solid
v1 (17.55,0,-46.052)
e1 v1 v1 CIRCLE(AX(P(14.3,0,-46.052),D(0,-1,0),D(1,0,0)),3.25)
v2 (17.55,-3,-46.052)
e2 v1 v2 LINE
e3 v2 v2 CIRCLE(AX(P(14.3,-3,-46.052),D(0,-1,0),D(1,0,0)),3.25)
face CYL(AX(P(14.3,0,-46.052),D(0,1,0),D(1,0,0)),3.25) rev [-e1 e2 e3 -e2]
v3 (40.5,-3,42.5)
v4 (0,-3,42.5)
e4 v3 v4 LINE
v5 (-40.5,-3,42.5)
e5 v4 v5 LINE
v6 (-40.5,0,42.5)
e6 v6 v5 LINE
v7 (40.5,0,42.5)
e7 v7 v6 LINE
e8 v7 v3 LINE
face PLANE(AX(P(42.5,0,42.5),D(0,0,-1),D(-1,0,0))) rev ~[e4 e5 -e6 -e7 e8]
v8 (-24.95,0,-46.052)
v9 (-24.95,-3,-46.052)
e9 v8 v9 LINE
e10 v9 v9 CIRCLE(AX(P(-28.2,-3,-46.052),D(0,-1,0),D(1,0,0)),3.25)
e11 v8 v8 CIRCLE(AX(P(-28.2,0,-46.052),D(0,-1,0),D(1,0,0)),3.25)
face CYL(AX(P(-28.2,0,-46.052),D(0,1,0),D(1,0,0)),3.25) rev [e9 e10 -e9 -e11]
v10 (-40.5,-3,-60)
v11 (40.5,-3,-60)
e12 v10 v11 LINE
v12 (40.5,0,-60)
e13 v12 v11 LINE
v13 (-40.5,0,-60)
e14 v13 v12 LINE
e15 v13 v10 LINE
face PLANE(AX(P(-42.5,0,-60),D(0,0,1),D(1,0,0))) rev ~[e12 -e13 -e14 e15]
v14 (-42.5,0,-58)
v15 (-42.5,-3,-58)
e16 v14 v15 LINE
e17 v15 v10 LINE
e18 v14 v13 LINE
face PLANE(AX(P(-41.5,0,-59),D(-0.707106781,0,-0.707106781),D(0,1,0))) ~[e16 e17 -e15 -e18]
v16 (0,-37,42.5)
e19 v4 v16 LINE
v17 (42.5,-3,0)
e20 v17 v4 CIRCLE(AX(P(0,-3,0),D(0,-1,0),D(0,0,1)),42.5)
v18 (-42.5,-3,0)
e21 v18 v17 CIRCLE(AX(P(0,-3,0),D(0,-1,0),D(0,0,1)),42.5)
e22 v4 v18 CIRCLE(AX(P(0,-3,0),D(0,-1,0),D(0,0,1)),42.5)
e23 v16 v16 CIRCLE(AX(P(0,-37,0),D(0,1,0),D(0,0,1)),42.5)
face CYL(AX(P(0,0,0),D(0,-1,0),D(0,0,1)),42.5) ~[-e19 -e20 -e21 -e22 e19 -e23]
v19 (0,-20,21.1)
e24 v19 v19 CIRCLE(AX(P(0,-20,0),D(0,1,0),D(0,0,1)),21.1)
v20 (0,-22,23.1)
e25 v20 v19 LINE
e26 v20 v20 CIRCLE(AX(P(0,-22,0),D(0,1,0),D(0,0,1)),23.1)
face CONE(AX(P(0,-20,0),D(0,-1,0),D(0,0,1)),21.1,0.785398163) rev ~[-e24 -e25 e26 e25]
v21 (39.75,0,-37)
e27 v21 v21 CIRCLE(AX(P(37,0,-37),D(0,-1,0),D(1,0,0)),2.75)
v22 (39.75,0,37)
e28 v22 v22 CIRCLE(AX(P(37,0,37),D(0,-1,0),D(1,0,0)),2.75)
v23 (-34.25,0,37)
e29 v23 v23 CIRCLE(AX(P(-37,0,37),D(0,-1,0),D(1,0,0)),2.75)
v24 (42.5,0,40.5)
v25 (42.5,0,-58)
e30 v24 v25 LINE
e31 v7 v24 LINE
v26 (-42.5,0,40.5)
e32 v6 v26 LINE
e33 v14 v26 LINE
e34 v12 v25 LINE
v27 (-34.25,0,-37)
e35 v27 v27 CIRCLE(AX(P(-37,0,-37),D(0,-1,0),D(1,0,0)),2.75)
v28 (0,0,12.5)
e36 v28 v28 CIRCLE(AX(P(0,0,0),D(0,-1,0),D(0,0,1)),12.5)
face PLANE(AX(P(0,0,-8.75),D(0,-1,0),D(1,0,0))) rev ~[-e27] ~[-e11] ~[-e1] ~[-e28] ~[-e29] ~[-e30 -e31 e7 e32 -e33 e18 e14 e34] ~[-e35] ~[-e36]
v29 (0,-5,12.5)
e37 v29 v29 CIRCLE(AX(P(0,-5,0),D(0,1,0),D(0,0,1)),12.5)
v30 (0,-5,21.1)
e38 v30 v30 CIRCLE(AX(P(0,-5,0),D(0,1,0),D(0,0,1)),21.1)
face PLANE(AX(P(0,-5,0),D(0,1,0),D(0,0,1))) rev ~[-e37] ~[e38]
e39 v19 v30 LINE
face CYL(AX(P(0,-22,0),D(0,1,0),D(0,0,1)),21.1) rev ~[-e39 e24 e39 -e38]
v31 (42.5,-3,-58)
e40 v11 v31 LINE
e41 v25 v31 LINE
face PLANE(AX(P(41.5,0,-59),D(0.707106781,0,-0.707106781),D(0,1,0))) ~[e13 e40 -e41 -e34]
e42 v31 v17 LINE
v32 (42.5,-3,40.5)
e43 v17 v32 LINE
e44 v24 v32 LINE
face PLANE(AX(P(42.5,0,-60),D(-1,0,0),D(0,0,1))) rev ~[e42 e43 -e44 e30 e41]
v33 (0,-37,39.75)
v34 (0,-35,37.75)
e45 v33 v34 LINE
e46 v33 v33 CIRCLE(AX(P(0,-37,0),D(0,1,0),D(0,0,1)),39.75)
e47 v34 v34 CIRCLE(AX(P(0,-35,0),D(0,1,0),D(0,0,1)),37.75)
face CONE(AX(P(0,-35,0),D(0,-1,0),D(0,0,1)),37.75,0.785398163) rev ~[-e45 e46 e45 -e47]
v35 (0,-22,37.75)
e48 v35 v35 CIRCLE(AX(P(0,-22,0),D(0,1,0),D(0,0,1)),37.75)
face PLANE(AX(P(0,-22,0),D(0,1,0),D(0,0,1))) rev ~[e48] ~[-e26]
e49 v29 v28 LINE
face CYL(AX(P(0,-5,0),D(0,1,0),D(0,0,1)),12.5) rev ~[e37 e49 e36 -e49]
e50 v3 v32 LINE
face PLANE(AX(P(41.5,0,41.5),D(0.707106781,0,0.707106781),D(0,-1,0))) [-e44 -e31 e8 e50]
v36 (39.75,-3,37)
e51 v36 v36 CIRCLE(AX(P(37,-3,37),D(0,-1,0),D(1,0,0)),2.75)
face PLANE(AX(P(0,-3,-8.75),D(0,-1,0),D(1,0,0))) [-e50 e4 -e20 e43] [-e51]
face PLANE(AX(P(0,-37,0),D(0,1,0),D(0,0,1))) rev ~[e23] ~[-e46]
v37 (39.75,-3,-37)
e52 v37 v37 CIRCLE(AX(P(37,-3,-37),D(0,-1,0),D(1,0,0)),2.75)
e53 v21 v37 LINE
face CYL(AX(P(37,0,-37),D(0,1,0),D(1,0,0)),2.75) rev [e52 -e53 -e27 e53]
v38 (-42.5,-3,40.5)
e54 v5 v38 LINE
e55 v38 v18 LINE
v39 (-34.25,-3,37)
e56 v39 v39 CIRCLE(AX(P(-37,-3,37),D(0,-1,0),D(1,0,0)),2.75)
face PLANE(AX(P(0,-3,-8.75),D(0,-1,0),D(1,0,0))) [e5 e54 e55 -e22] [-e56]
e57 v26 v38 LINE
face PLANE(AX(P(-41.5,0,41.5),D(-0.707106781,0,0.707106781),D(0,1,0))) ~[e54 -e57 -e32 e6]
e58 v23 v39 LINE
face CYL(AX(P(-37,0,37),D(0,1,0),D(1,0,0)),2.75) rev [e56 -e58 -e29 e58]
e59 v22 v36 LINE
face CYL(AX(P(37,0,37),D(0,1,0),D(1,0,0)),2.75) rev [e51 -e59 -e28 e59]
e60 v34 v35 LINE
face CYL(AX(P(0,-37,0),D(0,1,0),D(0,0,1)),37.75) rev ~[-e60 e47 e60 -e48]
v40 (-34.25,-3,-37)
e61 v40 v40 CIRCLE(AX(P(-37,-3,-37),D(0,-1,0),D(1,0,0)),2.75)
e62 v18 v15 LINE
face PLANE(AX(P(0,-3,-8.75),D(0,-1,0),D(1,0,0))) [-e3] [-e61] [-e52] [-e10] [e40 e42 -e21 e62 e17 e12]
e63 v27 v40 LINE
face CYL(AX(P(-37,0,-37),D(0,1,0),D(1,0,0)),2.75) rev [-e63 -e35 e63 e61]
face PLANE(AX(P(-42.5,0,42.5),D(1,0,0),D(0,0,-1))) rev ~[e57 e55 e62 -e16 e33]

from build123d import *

# Parameters (mm, degrees)
F2_R     = 2.75
F2_R_2   = 3.25
F2_R_3   = 12.5
F3_DEPTH = 3
F4_SIZE  = 2


with BuildPart() as f1:
    # F0 (on Right) → F1 (revolve)
    with BuildSketch(Plane.YZ):
        Polygon((0, 12.5), (0, 42.5), (-37, 42.5), (-37, 37.75), (-22, 37.75), (-22, 21.1), (-5, 21.1), (-5, 12.5), align=None)
    revolve(axis=Axis((0, -4.4609829783, 0), (0, 1, 0)))

    # F2 (on Front) → F3 (join)
    with BuildSketch(Plane.XZ):
        Polygon((42.5, 0), (42.5, 42.5), (-42.5, 42.5), (-42.5, 0), (-42.5, -42.5), (-42.5, -60), (42.5, -60), (42.5, -42.5), align=None)
        with Locations((-37, -37)):
            Circle(F2_R, mode=Mode.SUBTRACT)
        with Locations((-28.2, -46.052)):
            Circle(F2_R_2, mode=Mode.SUBTRACT)
        with Locations((14.3, -46.052)):
            Circle(F2_R_2, mode=Mode.SUBTRACT)
        with Locations((37, -37)):
            Circle(F2_R, mode=Mode.SUBTRACT)
        with Locations((-37, 37)):
            Circle(F2_R, mode=Mode.SUBTRACT)
        Circle(F2_R_3, mode=Mode.SUBTRACT)
        with Locations((37, 37)):
            Circle(F2_R, mode=Mode.SUBTRACT)
    extrude(amount=F3_DEPTH)

    # F4
    f4_edges = [f1.edges().sort_by_distance(p)[0] for p in [
        (42.5, -1.5, 42.5),
        (-42.5, -1.5, 42.5),
        (42.5, -1.5, -60),
        (-42.5, -1.5, -60),
        (0, -22, -21.1),
        (0, -37, -37.75),
    ]]
    chamfer(f4_edges, length=F4_SIZE)


solid = f1.part
